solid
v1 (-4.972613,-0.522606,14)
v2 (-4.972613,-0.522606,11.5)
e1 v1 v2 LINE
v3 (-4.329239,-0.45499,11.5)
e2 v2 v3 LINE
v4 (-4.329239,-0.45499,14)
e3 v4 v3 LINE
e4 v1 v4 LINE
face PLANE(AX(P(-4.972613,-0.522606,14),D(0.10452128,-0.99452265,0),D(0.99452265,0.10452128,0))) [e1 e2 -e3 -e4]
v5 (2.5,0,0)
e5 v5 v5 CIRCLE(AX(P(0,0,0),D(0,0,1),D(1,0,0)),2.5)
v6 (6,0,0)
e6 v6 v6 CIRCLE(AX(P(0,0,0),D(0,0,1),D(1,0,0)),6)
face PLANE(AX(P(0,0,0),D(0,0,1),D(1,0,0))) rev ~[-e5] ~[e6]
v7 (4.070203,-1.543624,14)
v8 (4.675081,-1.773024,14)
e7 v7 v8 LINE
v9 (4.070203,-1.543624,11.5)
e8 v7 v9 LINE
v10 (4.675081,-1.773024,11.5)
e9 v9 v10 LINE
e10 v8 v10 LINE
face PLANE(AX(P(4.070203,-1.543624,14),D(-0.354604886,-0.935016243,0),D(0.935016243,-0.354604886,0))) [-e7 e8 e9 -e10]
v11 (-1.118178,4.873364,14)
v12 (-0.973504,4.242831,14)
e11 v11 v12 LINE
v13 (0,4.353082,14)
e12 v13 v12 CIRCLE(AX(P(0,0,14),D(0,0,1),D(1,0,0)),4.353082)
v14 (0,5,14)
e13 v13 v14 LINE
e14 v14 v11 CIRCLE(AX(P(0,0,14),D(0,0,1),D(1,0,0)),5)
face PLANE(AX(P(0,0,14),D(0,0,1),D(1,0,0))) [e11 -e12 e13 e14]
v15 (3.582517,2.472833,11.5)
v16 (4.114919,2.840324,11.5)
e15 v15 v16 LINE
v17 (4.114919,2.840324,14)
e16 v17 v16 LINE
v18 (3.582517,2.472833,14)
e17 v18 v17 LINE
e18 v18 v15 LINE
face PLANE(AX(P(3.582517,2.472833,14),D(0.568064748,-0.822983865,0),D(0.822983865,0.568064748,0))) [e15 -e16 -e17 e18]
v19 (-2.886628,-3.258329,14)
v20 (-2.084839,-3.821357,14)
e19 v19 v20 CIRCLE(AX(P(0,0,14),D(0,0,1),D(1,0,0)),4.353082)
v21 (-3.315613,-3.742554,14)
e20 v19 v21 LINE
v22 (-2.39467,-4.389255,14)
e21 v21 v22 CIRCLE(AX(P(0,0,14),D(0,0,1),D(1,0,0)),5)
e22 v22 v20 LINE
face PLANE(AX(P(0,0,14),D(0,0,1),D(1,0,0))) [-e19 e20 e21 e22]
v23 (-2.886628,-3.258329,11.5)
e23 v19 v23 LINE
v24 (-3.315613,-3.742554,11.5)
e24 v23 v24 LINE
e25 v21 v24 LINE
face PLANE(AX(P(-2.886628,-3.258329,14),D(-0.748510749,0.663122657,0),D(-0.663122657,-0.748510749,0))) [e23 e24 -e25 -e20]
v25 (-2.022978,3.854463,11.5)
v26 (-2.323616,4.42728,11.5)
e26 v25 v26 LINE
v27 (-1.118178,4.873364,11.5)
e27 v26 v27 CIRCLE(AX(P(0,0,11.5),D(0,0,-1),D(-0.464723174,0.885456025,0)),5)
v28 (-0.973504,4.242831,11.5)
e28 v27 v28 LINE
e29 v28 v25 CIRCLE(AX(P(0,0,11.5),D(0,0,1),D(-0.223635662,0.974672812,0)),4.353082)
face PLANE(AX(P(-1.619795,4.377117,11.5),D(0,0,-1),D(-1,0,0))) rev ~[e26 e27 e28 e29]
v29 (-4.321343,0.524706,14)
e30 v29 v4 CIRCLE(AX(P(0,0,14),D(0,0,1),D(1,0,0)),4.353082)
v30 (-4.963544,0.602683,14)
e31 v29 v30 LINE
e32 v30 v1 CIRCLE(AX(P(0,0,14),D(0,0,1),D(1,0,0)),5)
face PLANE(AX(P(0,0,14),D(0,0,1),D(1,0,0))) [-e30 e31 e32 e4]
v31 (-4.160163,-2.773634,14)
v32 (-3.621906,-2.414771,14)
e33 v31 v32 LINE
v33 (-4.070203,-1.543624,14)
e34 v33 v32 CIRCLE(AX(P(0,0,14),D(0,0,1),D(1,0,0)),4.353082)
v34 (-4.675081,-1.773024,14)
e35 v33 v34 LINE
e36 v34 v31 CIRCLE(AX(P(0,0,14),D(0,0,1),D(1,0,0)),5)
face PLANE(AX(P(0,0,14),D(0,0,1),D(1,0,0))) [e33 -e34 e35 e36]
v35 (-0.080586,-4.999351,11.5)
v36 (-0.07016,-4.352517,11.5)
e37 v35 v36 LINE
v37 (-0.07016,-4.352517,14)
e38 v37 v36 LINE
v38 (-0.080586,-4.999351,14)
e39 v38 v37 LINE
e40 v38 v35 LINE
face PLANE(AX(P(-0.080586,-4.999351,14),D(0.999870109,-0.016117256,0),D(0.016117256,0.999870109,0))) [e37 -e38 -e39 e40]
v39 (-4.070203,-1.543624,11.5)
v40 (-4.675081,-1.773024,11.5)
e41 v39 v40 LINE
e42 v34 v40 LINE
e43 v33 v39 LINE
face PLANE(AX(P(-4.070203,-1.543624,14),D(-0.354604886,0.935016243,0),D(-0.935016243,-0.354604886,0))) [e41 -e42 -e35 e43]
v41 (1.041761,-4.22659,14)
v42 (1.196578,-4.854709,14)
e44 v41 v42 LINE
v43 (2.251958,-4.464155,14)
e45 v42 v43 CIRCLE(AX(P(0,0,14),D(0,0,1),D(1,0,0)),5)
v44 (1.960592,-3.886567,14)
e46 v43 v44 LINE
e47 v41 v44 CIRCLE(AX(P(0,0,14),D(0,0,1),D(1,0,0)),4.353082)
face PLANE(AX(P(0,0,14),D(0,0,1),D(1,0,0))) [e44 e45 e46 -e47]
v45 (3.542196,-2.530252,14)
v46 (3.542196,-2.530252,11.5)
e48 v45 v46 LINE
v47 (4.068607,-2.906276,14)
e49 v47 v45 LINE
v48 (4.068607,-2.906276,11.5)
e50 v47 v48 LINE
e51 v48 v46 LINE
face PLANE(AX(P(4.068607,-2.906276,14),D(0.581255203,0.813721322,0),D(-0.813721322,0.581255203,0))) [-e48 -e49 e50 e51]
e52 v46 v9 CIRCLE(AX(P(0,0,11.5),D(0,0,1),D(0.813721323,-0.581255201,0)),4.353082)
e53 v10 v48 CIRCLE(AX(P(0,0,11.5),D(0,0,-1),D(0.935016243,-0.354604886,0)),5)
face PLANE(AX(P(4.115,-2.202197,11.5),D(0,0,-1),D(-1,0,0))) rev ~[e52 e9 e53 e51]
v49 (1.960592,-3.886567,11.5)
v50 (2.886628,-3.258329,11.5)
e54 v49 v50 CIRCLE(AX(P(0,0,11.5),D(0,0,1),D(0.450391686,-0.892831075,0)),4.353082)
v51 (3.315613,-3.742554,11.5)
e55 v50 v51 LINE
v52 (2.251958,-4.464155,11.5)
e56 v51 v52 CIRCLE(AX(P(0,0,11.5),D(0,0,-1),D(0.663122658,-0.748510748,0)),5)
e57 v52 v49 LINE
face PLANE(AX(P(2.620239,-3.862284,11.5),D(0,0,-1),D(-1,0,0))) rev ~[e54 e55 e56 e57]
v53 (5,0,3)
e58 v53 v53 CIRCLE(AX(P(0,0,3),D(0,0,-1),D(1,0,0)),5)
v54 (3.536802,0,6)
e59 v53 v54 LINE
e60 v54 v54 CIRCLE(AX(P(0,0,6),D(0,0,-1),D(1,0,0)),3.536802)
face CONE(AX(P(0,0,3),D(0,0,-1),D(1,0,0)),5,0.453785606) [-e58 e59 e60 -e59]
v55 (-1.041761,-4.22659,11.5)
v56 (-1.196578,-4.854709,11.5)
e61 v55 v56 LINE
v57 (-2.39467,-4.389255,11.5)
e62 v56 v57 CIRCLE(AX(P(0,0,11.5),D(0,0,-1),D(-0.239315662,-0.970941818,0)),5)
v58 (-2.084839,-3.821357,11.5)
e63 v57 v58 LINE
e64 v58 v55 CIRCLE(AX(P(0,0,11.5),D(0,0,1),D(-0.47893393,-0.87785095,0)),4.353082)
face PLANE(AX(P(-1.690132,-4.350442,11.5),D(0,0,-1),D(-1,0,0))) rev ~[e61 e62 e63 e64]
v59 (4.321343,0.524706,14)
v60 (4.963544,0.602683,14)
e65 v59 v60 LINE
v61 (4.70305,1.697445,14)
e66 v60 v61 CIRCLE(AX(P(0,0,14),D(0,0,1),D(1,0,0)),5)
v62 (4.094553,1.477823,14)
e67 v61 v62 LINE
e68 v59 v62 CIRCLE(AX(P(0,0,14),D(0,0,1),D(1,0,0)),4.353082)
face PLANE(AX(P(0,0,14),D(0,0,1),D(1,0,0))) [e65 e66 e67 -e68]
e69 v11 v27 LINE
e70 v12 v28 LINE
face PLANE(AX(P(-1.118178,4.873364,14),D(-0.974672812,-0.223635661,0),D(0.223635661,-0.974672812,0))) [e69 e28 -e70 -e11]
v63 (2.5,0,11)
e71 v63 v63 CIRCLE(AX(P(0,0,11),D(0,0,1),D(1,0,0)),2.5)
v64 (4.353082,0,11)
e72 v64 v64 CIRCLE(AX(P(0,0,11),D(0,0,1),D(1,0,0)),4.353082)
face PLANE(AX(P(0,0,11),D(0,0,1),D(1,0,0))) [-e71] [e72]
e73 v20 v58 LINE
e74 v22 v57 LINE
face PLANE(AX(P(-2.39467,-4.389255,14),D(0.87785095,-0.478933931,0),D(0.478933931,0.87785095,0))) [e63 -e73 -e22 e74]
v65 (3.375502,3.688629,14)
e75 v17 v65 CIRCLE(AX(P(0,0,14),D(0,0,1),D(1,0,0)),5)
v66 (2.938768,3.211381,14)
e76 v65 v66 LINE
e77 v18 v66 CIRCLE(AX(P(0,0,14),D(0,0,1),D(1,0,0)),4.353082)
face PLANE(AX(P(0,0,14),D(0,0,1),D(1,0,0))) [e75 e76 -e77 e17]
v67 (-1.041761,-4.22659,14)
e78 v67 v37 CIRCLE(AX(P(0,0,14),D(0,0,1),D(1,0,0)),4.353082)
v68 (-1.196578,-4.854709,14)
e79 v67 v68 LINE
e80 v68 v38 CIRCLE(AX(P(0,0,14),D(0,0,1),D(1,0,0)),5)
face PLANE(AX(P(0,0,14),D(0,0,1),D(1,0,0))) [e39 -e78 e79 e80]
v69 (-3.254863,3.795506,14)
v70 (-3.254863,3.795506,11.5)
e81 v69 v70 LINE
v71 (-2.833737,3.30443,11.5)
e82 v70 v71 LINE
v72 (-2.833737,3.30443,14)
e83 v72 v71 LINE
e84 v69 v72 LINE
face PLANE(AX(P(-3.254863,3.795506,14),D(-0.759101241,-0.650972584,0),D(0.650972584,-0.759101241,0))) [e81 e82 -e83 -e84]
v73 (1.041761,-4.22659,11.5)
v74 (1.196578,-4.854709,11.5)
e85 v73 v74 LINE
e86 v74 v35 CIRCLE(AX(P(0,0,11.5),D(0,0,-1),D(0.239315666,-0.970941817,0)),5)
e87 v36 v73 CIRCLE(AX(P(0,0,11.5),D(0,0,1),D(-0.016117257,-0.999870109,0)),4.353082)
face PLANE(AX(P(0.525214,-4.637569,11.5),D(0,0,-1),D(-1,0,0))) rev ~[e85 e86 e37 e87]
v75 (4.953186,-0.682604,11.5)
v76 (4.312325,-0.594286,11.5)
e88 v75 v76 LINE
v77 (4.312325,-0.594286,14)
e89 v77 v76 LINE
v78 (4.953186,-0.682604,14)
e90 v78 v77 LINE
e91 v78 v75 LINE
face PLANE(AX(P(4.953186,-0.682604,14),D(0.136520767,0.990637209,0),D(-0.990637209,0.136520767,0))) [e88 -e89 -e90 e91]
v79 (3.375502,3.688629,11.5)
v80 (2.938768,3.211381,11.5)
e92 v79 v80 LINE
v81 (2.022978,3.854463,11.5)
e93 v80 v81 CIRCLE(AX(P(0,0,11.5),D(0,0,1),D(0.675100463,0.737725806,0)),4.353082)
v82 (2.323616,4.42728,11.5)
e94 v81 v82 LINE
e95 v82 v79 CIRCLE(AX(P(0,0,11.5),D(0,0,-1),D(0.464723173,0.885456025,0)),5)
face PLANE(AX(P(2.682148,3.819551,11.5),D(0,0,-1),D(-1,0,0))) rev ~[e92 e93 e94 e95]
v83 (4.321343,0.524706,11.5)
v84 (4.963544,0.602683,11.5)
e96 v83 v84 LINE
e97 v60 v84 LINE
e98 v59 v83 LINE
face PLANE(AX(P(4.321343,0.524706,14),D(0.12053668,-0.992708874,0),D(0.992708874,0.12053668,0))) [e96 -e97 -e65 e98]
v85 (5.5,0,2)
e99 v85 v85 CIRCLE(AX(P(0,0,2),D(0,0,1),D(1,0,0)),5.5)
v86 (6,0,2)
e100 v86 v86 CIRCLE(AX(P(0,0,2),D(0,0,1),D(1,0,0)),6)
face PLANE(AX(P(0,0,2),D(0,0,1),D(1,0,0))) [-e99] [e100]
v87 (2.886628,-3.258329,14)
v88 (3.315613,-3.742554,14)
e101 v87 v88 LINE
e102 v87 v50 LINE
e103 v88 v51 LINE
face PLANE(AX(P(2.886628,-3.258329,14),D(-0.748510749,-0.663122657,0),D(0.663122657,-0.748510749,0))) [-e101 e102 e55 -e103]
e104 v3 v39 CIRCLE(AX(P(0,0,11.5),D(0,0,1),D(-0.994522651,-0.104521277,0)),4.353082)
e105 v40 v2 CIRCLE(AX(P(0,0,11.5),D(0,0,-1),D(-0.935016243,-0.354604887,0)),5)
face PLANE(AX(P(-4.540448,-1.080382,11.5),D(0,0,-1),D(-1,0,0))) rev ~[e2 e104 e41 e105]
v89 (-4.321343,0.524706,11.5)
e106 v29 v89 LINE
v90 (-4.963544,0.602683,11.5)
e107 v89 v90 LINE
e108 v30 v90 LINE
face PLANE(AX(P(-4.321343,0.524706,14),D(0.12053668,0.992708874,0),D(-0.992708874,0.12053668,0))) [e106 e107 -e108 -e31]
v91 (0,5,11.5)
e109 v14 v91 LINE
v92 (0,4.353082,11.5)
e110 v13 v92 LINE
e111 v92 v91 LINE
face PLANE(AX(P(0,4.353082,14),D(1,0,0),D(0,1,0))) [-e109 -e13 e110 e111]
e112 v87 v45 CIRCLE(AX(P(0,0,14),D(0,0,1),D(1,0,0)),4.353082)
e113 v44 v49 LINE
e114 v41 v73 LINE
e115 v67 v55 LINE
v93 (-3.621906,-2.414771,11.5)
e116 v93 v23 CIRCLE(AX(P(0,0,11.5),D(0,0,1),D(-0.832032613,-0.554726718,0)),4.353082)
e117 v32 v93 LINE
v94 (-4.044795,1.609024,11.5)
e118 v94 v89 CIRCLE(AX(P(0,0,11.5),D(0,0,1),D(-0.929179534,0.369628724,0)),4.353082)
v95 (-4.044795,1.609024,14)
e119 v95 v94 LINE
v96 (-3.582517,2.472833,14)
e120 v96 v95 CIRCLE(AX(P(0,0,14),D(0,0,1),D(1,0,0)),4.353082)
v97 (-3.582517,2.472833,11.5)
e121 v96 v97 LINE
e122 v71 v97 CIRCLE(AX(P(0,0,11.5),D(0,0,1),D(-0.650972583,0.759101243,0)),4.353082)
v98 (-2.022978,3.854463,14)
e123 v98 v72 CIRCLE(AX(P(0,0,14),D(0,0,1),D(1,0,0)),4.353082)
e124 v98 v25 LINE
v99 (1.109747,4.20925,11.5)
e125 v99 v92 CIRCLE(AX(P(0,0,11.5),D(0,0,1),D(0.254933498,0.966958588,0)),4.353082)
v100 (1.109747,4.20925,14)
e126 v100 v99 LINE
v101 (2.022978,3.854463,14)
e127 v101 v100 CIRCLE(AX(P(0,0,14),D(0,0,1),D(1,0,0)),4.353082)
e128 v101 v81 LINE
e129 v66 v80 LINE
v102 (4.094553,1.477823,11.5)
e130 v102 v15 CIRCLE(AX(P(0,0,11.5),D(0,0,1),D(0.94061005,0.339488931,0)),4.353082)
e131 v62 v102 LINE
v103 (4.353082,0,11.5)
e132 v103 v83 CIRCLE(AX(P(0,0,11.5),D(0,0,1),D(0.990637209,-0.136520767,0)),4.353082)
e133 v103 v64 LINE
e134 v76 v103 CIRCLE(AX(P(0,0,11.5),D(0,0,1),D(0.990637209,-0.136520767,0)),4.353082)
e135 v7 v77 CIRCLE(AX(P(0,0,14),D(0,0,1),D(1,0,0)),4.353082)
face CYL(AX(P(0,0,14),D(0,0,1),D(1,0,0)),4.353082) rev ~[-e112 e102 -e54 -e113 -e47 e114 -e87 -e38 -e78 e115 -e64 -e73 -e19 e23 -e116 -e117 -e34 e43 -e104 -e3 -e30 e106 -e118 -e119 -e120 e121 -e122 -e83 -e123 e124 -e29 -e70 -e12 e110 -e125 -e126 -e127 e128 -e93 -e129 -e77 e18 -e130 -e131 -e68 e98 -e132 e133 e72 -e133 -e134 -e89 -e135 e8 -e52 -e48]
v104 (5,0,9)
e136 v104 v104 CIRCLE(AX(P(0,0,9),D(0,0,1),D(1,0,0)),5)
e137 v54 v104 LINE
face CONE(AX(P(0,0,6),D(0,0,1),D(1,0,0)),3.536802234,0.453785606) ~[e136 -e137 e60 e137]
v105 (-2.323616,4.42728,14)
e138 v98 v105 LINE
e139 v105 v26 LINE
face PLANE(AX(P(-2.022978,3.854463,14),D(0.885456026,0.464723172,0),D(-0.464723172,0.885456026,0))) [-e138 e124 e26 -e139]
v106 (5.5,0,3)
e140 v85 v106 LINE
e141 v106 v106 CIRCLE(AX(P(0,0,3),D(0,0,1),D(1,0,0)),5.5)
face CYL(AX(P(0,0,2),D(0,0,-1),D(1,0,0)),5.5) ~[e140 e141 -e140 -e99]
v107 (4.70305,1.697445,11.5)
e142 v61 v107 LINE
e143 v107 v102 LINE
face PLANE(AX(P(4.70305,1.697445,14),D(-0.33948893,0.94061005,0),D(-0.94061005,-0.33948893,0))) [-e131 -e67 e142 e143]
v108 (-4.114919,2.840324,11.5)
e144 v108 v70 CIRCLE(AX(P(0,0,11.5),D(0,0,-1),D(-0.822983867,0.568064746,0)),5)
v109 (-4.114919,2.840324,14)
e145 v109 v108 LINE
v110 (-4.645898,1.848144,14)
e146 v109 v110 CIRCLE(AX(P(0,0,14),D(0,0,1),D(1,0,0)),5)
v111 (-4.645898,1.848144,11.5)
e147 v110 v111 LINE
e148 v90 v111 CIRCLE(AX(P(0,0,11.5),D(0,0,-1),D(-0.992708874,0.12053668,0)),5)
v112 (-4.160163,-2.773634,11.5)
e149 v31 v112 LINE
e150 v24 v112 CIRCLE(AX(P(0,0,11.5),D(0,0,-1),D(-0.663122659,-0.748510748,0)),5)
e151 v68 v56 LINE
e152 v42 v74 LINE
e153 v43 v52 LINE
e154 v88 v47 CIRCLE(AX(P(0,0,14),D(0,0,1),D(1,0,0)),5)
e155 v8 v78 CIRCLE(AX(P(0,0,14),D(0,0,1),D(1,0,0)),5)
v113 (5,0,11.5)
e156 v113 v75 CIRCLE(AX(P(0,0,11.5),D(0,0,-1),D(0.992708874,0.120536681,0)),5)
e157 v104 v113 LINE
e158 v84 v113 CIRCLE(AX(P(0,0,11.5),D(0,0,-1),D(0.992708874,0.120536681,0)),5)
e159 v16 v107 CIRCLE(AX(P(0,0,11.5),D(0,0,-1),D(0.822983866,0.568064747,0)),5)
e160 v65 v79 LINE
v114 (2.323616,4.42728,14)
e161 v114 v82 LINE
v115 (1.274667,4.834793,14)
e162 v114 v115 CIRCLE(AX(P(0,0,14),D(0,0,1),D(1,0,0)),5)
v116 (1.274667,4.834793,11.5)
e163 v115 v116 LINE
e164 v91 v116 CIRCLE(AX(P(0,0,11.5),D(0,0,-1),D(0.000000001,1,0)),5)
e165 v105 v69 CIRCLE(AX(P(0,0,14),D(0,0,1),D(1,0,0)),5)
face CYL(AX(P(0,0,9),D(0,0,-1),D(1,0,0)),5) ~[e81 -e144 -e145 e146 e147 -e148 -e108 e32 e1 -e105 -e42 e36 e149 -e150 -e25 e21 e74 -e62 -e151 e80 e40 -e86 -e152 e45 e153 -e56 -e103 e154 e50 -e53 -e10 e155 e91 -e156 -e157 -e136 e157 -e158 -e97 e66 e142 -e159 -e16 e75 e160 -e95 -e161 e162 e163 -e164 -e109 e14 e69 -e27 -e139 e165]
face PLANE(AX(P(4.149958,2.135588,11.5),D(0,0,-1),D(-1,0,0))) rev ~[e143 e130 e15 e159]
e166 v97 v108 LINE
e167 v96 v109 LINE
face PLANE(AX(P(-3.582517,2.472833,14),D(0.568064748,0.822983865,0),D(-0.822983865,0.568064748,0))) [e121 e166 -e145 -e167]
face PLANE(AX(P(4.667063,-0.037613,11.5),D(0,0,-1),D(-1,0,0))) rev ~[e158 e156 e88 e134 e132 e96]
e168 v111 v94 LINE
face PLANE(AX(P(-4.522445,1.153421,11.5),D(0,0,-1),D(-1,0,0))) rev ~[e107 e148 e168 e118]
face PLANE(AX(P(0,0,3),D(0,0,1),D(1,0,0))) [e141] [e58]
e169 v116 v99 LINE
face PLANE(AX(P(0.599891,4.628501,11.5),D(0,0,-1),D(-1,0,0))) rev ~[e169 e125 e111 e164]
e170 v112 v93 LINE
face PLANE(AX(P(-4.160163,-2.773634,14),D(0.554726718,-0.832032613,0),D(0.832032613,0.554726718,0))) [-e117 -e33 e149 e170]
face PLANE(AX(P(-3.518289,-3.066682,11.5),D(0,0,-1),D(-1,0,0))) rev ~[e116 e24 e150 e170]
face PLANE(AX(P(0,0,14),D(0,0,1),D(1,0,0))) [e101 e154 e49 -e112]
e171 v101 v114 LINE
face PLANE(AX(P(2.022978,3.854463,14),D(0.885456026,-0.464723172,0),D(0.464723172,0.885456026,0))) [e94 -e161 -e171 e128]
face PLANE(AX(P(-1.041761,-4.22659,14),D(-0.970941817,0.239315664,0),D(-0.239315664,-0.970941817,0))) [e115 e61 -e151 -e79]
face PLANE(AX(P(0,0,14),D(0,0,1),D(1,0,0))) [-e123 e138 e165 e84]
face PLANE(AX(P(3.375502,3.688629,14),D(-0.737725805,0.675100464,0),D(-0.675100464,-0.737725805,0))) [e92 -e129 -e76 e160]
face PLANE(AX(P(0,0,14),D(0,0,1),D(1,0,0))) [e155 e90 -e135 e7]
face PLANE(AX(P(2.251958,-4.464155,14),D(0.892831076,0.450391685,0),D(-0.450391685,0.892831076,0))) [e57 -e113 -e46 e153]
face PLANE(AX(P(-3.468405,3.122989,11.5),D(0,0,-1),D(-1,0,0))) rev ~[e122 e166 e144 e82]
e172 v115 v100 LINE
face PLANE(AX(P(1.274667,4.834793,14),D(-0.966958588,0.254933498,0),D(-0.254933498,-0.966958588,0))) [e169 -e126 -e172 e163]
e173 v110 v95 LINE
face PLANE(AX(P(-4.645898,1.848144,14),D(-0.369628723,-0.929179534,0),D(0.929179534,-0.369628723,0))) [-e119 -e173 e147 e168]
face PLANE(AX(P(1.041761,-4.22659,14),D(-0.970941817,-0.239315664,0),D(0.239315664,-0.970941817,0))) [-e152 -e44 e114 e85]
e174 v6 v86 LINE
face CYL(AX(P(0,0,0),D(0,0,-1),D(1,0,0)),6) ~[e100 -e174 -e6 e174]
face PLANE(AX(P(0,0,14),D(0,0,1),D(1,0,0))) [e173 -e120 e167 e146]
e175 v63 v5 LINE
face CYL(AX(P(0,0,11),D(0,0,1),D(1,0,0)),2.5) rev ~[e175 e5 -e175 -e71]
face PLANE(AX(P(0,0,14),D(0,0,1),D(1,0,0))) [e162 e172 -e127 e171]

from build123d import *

# Parameters (mm, degrees)
SKETCH_1_R          = 6
EXTRUDE_1_DEPTH     = 2
SKETCH_2_R          = 5.5
EXTRUDE_2_DEPTH     = 1
SKETCH_3_R          = 5
EXTRUDE_3_DEPTH     = 3
EXTRUDE_3_TAPER     = 26
SKETCH_4_R          = 3.536802234
EXTRUDE_4_DEPTH     = 3
EXTRUDE_4_DRAFT     = -26
SKETCH_5_R          = 5
EXTRUDE_5_DEPTH     = 5
SKETCH_6_R          = 4.35308232
CUT_EXTRUDE_1_DEPTH = 3
CUT_EXTRUDE_2_DEPTH = 2.5
SKETCH_8_R          = 2.5
CUT_EXTRUDE_3_DEPTH = 14.892443989


with BuildPart() as part:
    # 스케치1 → 보스-돌출1 (new body)
    with BuildSketch(Plane.XY):
        Circle(SKETCH_1_R)
    extrude(amount=EXTRUDE_1_DEPTH)

    # 스케치2 → 보스-돌출2 (add)
    with BuildSketch(Plane.XY.offset(2)):
        Circle(SKETCH_2_R)
    extrude(amount=EXTRUDE_2_DEPTH)

    # 스케치3 → 보스-돌출3 (add)
    with BuildSketch(Plane.XY.offset(3)):
        Circle(SKETCH_3_R)
    extrude(amount=EXTRUDE_3_DEPTH, taper=EXTRUDE_3_TAPER)


with BuildPart() as extrude_4_tool:
    # 스케치4 → 보스-돌출4 (with draft: the straight prism first)
    with BuildSketch(Plane.XY.offset(6)):
        Circle(SKETCH_4_R)
    extrude(amount=EXTRUDE_4_DEPTH)
    # 보스-돌출4: the draft: its side faces are tilted about the plane it starts from
    extrude_4_sides = [extrude_4_tool.faces().sort_by_distance(p)[0] for p in [
        (-3.536802234, 0, 7.5),
    ]]
    draft(extrude_4_sides, Plane.XY.offset(6), EXTRUDE_4_DRAFT)


with BuildPart() as part_1:
    add(part.part)

    # 보스-돌출4: add extrude_4_tool
    add(extrude_4_tool.part)

    # 스케치5 → 보스-돌출5 (add)
    with BuildSketch(Plane.XY.offset(9)):
        Circle(SKETCH_5_R)
    extrude(amount=EXTRUDE_5_DEPTH)

    # 스케치6 → 컷-돌출1 (cut)
    with BuildSketch(Plane.XY.offset(14)):
        Circle(SKETCH_6_R)
    extrude(amount=-CUT_EXTRUDE_1_DEPTH, mode=Mode.SUBTRACT)

    # 스케치7 → 컷-돌출2 (cut)
    with BuildSketch(Plane.XY.offset(14)):
        with BuildLine():
            Line((0, 4.35308232), (0, 5))
            ThreePointArc((0, 5), (0.642664488, 4.958526228), (1.274667489, 4.834792942))
            Line((1.274667489, 4.834792942), (1.109746502, 4.209250336))
            ThreePointArc((1.109746502, 4.209250336), (0.559514284, 4.316974572), (0, 4.35308232))
        make_face()
        with BuildLine():
            Line((2.022978224, 3.854462971), (2.32361586, 4.427280128))
            ThreePointArc((2.32361586, 4.427280128), (2.873393181, 4.091895847), (3.375502321, 3.688629025))
            Line((3.375502321, 3.688629025), (2.938767895, 3.211381159))
            ThreePointArc((2.938767895, 3.211381159), (2.501623411, 3.562471894), (2.022978224, 3.854462971))
        make_face()
        with BuildLine():
            Line((3.582516517, 2.472832606), (4.114919329, 2.840323734))
            ThreePointArc((4.114919329, 2.840323734), (4.445862124, 2.287861441), (4.70305025, 1.697444651))
            Line((4.70305025, 1.697444651), (4.094552979, 1.47782326))
            ThreePointArc((4.094552979, 1.47782326), (3.870640762, 1.991849838), (3.582516517, 2.472832606))
        make_face()
        with BuildLine():
            Line((4.321343449, 0.524706092), (4.96354437, 0.602683401))
            ThreePointArc((4.96354437, 0.602683401), (4.999837633, -0.04029445), (4.953186046, -0.682603837))
            Line((4.953186046, -0.682603837), (4.312325321, -0.594286139))
            ThreePointArc((4.312325321, -0.594286139), (4.352940961, -0.035081012), (4.321343449, 0.524706092))
        make_face()
        with BuildLine():
            Line((4.070202675, -1.543624265), (4.675081213, -1.773024435))
            ThreePointArc((4.675081213, -1.773024435), (4.408410595, -2.359219368), (4.06860661, -2.906276011))
            Line((4.06860661, -2.906276011), (3.542195901, -2.530251744))
            ThreePointArc((3.542195901, -2.530251744), (3.838034844, -2.053975224), (4.070202675, -1.543624265))
        make_face()
        with BuildLine():
            Line((2.88662752, -3.258328904), (3.315613291, -3.742553741))
            ThreePointArc((3.315613291, -3.742553741), (2.807069816, -4.137675561), (2.251958432, -4.464155376))
            Line((2.251958432, -4.464155376), (1.960592088, -3.886567168))
            ThreePointArc((1.960592088, -3.886567168), (2.443881198, -3.602328466), (2.88662752, -3.258328904))
        make_face()
        with BuildLine():
            Line((1.041760787, -4.22658966), (1.196578321, -4.854709087))
            ThreePointArc((1.196578321, -4.854709087), (0.562663172, -4.968240147), (-0.080586283, -4.999350543))
            Line((-0.080586283, -4.999350543), (-0.070159745, -4.352516892))
            ThreePointArc((-0.070159745, -4.352516892), (0.489863821, -4.325431669), (1.041760787, -4.22658966))
        make_face()
        with BuildLine():
            Line((-1.041760787, -4.22658966), (-1.196578321, -4.854709087))
            ThreePointArc((-1.196578321, -4.854709087), (-1.810642825, -4.660640789), (-2.394669653, -4.389254749))
            Line((-2.394669653, -4.389254749), (-2.084838826, -3.82135745))
            ThreePointArc((-2.084838826, -3.82135745), (-1.576375454, -4.057630604), (-1.041760787, -4.22658966))
        make_face()
        with BuildLine():
            Line((-2.88662752, -3.258328904), (-3.315613291, -3.742553741))
            ThreePointArc((-3.315613291, -3.742553741), (-3.76915237, -3.285344793), (-4.160163063, -2.773633589))
            Line((-4.160163063, -2.773633589), (-3.621906456, -2.414771068))
            ThreePointArc((-3.621906456, -2.414771068), (-3.281486109, -2.860275267), (-2.88662752, -3.258328904))
        make_face()
        with BuildLine():
            Line((-4.070202675, -1.543624265), (-4.675081213, -1.773024435))
            ThreePointArc((-4.675081213, -1.773024435), (-4.864194531, -1.157415898), (-4.972613252, -0.522606399))
            Line((-4.972613252, -0.522606399), (-4.329238966, -0.454989735))
            ThreePointArc((-4.329238966, -0.454989735), (-4.234847844, -1.007665336), (-4.070202675, -1.543624265))
        make_face()
        with BuildLine():
            Line((-4.321343449, 0.524706092), (-4.96354437, 0.602683401))
            ThreePointArc((-4.96354437, 0.602683401), (-4.844908345, 1.235663031), (-4.645897671, 1.848143618))
            Line((-4.645897671, 1.848143618), (-4.044795002, 1.609024262))
            ThreePointArc((-4.044795002, 1.609024262), (-4.218056972, 1.075788579), (-4.321343449, 0.524706092))
        make_face()
        with BuildLine():
            Line((-3.582516517, 2.472832606), (-4.114919329, 2.840323734))
            ThreePointArc((-4.114919329, 2.840323734), (-3.715712045, 3.345666451), (-3.254862922, 3.795506206))
            Line((-3.254862922, 3.795506206), (-2.833737248, 3.304430192))
            ThreePointArc((-2.833737248, 3.304430192), (-3.234960082, 2.912792296), (-3.582516517, 2.472832606))
        make_face()
        with BuildLine():
            Line((-2.022978224, 3.854462971), (-2.32361586, 4.427280128))
            ThreePointArc((-2.32361586, 4.427280128), (-1.735290894, 4.689218007), (-1.118178304, 4.873364062))
            Line((-1.118178304, 4.873364062), (-0.973504441, 4.242830988))
            ThreePointArc((-0.973504441, 4.242830988), (-1.510772822, 4.0825104), (-2.022978224, 3.854462971))
        make_face()
    extrude(amount=-CUT_EXTRUDE_2_DEPTH, mode=Mode.SUBTRACT)

    # 스케치8 → 컷-돌출3 (cut, through all)
    with BuildSketch(Plane.XY.offset(11)):
        Circle(SKETCH_8_R)
    extrude(amount=-CUT_EXTRUDE_3_DEPTH, mode=Mode.SUBTRACT)


solid = part_1.part
